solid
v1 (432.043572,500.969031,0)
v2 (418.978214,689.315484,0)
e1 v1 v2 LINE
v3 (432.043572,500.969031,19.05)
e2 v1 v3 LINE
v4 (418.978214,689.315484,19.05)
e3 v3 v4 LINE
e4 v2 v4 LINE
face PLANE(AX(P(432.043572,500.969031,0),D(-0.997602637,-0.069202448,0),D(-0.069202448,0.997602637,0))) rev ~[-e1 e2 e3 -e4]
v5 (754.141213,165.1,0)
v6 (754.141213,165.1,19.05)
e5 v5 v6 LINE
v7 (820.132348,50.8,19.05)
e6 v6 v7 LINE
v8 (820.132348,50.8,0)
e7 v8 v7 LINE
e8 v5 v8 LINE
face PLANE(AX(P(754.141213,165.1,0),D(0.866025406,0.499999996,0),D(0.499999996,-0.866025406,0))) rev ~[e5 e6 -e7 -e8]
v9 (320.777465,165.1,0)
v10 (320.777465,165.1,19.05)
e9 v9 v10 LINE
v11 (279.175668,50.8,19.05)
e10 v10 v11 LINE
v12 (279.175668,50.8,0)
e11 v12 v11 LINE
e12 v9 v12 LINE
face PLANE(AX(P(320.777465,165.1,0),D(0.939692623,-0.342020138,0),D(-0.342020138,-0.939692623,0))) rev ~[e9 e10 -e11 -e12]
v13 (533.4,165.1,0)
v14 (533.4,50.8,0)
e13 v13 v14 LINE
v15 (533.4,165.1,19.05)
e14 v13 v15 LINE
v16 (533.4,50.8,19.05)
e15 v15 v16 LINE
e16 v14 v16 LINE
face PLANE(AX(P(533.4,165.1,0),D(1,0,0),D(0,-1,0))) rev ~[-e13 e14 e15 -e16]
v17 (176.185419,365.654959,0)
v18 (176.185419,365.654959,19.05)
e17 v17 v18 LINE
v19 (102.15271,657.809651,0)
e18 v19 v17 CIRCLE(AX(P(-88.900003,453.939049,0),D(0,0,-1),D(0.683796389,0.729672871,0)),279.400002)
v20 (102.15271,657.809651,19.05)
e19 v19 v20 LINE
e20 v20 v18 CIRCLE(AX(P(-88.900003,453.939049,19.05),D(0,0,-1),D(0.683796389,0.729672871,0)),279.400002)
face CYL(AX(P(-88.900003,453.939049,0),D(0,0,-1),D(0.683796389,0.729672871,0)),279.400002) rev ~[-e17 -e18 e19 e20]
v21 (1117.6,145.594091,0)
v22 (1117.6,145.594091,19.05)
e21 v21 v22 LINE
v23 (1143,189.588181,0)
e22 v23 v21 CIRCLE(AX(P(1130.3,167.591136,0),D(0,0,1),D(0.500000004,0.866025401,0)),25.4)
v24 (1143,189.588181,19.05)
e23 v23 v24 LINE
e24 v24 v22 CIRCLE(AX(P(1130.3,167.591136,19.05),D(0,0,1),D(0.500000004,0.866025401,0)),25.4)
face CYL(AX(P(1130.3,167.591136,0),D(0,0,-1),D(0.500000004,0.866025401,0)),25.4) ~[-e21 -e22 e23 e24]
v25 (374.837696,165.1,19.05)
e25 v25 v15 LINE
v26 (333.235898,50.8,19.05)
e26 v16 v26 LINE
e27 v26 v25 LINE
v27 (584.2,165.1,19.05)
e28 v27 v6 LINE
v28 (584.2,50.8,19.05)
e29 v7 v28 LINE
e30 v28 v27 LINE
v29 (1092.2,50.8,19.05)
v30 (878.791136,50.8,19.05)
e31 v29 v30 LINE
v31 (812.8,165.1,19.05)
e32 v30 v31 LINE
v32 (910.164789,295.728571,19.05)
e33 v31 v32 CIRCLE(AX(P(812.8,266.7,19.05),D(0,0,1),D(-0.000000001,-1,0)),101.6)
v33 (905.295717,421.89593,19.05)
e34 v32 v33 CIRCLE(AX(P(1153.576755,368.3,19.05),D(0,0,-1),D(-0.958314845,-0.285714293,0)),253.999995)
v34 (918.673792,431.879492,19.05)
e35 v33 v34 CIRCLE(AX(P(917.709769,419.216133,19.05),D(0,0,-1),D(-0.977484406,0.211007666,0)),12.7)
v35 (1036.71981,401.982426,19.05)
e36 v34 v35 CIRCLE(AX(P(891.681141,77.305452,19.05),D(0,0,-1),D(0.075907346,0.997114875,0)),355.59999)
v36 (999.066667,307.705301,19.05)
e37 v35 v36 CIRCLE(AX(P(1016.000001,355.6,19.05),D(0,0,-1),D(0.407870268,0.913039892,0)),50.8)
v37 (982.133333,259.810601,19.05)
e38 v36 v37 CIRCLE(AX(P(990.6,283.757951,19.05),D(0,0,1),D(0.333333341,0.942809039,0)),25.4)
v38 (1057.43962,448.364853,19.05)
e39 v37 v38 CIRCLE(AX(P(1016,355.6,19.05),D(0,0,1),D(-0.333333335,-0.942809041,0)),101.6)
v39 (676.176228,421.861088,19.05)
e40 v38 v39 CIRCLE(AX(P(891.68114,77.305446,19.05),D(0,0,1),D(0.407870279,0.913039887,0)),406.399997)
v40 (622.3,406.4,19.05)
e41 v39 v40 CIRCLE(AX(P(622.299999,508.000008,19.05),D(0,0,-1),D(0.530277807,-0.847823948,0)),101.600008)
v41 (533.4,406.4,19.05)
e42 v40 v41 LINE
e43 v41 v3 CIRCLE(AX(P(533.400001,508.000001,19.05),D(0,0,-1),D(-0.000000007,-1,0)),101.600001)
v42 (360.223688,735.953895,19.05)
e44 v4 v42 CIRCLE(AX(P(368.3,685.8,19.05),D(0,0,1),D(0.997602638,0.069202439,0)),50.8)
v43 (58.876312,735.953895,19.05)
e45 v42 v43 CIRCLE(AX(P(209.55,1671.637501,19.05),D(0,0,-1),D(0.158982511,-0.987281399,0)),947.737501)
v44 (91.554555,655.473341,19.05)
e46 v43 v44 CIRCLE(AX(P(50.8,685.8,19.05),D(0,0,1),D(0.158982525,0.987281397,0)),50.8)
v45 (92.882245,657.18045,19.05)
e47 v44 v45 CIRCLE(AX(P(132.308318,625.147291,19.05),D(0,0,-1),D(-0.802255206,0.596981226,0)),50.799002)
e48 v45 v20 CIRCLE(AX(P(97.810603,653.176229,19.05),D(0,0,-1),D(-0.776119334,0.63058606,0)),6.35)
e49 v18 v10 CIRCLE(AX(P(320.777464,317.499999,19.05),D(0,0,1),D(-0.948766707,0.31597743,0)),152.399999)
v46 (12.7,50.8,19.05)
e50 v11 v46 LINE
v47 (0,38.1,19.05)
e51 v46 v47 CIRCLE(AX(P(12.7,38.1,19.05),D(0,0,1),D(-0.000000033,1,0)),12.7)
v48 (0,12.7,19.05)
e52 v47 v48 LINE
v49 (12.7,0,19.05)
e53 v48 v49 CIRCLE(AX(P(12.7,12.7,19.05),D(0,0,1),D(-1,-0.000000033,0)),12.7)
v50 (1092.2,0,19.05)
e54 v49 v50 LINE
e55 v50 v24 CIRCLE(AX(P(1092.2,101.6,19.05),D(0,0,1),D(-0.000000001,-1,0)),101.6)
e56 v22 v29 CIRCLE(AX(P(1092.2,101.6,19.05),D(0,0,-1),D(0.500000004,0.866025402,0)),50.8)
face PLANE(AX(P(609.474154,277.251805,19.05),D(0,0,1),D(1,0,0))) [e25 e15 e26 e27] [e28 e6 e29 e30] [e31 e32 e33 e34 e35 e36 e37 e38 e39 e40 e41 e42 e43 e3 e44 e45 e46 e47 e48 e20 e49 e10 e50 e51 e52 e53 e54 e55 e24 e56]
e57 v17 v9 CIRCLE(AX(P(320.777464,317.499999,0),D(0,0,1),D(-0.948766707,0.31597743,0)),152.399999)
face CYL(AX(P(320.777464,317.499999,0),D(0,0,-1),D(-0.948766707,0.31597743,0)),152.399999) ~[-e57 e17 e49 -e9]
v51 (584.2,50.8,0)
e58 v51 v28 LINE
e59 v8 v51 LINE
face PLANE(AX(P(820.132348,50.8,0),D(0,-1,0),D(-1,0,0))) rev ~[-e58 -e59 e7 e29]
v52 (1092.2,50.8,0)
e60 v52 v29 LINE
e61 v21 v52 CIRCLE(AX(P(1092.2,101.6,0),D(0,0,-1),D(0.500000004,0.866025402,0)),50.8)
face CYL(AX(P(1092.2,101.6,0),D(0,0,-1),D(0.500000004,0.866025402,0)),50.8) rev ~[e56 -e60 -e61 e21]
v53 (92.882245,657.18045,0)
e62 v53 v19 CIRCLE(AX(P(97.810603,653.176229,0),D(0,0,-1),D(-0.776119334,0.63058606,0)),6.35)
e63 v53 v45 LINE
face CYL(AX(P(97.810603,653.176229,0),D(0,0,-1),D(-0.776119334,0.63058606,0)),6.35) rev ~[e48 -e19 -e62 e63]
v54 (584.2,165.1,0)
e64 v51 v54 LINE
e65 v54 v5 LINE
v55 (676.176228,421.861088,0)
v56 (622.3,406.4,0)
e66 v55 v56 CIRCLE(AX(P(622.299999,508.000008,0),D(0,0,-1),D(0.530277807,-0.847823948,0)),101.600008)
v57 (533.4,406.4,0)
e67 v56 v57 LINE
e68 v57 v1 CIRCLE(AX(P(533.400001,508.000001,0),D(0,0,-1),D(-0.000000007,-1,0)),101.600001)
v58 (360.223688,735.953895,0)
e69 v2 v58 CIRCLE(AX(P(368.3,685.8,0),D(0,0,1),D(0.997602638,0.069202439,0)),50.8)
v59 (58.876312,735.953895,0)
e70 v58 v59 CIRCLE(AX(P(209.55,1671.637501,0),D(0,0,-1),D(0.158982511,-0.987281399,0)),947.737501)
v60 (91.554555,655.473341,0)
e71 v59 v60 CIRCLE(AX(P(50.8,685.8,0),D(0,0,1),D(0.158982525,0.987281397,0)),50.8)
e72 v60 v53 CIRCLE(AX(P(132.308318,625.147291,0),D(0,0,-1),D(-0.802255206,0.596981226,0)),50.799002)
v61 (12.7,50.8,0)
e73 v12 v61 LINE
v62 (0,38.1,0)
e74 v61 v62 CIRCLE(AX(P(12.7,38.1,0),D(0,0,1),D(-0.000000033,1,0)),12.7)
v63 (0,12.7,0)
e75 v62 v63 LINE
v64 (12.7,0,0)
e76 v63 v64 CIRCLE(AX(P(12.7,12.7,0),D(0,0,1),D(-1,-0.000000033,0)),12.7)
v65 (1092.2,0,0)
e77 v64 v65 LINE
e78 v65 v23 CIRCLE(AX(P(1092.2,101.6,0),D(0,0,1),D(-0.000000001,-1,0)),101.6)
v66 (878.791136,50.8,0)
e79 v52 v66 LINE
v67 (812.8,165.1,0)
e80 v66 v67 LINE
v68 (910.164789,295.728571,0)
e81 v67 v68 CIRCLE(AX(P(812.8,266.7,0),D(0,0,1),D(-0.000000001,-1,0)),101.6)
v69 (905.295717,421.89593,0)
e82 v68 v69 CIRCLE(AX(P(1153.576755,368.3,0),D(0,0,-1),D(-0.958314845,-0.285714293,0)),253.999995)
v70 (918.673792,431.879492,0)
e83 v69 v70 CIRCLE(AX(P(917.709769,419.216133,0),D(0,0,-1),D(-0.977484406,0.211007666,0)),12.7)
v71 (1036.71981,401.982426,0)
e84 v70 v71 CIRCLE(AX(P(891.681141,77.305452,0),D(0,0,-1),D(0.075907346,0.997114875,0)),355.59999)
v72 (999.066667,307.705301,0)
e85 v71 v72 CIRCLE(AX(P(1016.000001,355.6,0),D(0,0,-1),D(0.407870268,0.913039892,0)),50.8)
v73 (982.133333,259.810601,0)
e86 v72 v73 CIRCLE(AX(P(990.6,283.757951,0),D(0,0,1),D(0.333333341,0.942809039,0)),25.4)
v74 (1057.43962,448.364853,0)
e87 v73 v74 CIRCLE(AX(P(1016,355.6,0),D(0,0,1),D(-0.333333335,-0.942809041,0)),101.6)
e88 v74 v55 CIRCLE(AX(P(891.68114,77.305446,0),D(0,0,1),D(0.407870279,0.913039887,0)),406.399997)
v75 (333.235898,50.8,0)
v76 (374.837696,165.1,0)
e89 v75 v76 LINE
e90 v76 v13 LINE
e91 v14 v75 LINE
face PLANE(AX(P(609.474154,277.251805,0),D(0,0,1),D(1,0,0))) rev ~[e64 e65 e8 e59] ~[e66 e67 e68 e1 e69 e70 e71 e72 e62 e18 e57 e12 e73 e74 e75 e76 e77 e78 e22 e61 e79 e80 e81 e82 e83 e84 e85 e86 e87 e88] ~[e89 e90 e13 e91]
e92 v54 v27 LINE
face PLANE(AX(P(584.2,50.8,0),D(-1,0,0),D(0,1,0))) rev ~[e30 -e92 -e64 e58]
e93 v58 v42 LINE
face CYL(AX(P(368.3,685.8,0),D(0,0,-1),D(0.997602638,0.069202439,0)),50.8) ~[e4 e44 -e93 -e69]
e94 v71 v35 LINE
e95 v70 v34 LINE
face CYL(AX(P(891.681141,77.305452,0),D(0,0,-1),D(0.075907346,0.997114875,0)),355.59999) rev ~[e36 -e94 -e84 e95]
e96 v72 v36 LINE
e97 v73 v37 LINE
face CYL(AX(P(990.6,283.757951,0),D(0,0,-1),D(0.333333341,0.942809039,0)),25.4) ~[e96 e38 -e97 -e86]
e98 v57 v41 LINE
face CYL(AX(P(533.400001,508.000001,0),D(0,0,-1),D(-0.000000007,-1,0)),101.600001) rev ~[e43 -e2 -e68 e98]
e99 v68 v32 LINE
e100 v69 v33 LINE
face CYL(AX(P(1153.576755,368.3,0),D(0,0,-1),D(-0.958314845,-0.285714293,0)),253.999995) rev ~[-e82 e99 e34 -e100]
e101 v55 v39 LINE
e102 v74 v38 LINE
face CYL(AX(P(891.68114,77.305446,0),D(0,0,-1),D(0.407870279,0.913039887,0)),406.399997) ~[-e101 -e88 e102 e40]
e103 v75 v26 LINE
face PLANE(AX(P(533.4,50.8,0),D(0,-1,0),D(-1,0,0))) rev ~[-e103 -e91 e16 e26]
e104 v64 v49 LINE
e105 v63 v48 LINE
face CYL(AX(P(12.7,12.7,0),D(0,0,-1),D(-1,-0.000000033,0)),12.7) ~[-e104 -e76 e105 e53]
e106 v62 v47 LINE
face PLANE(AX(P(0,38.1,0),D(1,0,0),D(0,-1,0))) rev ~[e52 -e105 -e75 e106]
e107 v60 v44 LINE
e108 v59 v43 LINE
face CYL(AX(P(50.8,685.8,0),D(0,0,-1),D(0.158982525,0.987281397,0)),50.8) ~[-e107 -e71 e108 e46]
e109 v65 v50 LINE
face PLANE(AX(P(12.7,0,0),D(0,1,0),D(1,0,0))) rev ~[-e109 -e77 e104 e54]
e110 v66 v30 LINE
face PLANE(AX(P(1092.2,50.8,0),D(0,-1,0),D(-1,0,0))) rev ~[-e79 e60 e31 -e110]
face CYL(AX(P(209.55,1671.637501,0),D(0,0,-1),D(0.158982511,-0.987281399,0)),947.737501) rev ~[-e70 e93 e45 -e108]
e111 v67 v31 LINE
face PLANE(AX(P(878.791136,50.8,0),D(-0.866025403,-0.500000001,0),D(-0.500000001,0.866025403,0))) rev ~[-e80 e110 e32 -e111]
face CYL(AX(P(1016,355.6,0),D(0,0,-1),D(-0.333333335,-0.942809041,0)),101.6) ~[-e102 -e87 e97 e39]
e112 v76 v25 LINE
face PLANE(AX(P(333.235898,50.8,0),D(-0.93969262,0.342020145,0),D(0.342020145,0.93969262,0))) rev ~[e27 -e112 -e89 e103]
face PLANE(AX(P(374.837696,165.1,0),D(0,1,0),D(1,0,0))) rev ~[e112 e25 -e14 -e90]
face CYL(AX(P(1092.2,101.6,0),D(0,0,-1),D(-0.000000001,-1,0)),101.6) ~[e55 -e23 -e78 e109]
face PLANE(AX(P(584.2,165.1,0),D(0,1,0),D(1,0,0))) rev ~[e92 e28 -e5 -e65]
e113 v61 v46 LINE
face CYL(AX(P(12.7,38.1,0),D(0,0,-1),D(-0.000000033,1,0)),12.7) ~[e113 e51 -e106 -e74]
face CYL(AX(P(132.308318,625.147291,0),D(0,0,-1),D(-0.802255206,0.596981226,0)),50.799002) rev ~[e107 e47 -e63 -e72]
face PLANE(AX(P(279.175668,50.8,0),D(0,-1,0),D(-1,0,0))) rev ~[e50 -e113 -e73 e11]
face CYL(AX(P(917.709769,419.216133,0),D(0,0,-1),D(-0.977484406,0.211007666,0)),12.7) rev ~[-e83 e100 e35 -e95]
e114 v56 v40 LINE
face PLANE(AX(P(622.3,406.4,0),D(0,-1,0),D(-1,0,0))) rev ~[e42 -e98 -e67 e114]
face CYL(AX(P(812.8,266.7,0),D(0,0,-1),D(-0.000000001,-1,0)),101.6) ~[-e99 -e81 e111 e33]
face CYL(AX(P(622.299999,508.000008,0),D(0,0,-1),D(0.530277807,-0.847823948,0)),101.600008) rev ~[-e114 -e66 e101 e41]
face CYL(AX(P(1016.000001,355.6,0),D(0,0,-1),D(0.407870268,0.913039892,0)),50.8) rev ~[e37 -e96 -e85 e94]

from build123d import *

# Parameters (mm, degrees)
F1_DEPTH = 19.05


with BuildPart() as f1:
    # F0 (on Top) → F1 (new body)
    with BuildSketch(Plane.XY):
        with BuildLine():
            ThreePointArc((0, 12.7), (3.719744, 3.719744), (12.7, 0))
            Line((12.7, 0), (1092.2, 0))
            ThreePointArc((1092.2, 0), (1190.338064, 75.303985), (1143, 189.588181))
            ThreePointArc((1143, 189.588181), (1108.302955, 180.291136), (1117.6, 145.594091))
            ThreePointArc((1117.6, 145.594091), (1141.269032, 88.451993), (1092.2, 50.8))
            Line((1092.2, 50.8), (878.791136, 50.8))
            Line((878.791136, 50.8), (812.8, 165.1))
            ThreePointArc((812.8, 165.1), (894.261227, 205.982387), (910.164789, 295.728571))
            ThreePointArc((910.164789, 295.728571), (899.765697, 358.504881), (905.295717, 421.89593))
            ThreePointArc((905.295717, 421.89593), (910.114134, 429.394361), (918.673792, 431.879492))
            ThreePointArc((918.673792, 431.879492), (978.98608, 422.021568), (1036.71981, 401.982426))
            ThreePointArc((1036.71981, 401.982426), (1063.176567, 336.75825), (999.066667, 307.705301))
            ThreePointArc((999.066667, 307.705301), (966.65265, 292.224618), (982.133333, 259.810601))
            ThreePointArc((982.133333, 259.810601), (1110.353134, 317.9165), (1057.43962, 448.364853))
            ThreePointArc((1057.43962, 448.364853), (863.498002, 482.727039), (676.176228, 421.861088))
            ThreePointArc((676.176228, 421.861088), (650.325404, 410.341735), (622.3, 406.4))
            Line((622.3, 406.4), (558.8, 406.4))
            Line((558.8, 406.4), (533.4, 406.4))
            ThreePointArc((533.4, 406.4), (464.088336, 433.713708), (432.043572, 500.969031))
            Line((432.043572, 500.969031), (418.978214, 689.315484))
            ThreePointArc((418.978214, 689.315484), (399.883474, 725.588493), (360.223688, 735.953895))
            ThreePointArc((360.223688, 735.953895), (209.55, 723.9), (58.876312, 735.953895))
            ThreePointArc((58.876312, 735.953895), (3.732035, 666.688571), (91.554555, 655.473341))
            ThreePointArc((91.554555, 655.473341), (92.209314, 656.333961), (92.882245, 657.18045))
            ThreePointArc((92.882245, 657.18045), (97.380607, 659.511653), (102.15271, 657.809651))
            ThreePointArc((102.15271, 657.809651), (181.9396, 522.570463), (176.185419, 365.654959))
            ThreePointArc((176.185419, 365.654959), (197.155914, 228.373841), (320.777465, 165.1))
            Line((320.777465, 165.1), (279.175668, 50.8))
            Line((279.175668, 50.8), (12.7, 50.8))
            ThreePointArc((12.7, 50.8), (3.719744, 47.080256), (0, 38.1))
            Line((0, 38.1), (0, 12.7))
        make_face()
        Polygon((333.235898, 50.8), (374.837696, 165.1), (533.4, 165.1), (533.4, 50.8), align=None, mode=Mode.SUBTRACT)
        Polygon((584.2, 50.8), (584.2, 165.1), (754.141213, 165.1), (820.132348, 50.8), align=None, mode=Mode.SUBTRACT)
    extrude(amount=F1_DEPTH)


solid = f1.part
